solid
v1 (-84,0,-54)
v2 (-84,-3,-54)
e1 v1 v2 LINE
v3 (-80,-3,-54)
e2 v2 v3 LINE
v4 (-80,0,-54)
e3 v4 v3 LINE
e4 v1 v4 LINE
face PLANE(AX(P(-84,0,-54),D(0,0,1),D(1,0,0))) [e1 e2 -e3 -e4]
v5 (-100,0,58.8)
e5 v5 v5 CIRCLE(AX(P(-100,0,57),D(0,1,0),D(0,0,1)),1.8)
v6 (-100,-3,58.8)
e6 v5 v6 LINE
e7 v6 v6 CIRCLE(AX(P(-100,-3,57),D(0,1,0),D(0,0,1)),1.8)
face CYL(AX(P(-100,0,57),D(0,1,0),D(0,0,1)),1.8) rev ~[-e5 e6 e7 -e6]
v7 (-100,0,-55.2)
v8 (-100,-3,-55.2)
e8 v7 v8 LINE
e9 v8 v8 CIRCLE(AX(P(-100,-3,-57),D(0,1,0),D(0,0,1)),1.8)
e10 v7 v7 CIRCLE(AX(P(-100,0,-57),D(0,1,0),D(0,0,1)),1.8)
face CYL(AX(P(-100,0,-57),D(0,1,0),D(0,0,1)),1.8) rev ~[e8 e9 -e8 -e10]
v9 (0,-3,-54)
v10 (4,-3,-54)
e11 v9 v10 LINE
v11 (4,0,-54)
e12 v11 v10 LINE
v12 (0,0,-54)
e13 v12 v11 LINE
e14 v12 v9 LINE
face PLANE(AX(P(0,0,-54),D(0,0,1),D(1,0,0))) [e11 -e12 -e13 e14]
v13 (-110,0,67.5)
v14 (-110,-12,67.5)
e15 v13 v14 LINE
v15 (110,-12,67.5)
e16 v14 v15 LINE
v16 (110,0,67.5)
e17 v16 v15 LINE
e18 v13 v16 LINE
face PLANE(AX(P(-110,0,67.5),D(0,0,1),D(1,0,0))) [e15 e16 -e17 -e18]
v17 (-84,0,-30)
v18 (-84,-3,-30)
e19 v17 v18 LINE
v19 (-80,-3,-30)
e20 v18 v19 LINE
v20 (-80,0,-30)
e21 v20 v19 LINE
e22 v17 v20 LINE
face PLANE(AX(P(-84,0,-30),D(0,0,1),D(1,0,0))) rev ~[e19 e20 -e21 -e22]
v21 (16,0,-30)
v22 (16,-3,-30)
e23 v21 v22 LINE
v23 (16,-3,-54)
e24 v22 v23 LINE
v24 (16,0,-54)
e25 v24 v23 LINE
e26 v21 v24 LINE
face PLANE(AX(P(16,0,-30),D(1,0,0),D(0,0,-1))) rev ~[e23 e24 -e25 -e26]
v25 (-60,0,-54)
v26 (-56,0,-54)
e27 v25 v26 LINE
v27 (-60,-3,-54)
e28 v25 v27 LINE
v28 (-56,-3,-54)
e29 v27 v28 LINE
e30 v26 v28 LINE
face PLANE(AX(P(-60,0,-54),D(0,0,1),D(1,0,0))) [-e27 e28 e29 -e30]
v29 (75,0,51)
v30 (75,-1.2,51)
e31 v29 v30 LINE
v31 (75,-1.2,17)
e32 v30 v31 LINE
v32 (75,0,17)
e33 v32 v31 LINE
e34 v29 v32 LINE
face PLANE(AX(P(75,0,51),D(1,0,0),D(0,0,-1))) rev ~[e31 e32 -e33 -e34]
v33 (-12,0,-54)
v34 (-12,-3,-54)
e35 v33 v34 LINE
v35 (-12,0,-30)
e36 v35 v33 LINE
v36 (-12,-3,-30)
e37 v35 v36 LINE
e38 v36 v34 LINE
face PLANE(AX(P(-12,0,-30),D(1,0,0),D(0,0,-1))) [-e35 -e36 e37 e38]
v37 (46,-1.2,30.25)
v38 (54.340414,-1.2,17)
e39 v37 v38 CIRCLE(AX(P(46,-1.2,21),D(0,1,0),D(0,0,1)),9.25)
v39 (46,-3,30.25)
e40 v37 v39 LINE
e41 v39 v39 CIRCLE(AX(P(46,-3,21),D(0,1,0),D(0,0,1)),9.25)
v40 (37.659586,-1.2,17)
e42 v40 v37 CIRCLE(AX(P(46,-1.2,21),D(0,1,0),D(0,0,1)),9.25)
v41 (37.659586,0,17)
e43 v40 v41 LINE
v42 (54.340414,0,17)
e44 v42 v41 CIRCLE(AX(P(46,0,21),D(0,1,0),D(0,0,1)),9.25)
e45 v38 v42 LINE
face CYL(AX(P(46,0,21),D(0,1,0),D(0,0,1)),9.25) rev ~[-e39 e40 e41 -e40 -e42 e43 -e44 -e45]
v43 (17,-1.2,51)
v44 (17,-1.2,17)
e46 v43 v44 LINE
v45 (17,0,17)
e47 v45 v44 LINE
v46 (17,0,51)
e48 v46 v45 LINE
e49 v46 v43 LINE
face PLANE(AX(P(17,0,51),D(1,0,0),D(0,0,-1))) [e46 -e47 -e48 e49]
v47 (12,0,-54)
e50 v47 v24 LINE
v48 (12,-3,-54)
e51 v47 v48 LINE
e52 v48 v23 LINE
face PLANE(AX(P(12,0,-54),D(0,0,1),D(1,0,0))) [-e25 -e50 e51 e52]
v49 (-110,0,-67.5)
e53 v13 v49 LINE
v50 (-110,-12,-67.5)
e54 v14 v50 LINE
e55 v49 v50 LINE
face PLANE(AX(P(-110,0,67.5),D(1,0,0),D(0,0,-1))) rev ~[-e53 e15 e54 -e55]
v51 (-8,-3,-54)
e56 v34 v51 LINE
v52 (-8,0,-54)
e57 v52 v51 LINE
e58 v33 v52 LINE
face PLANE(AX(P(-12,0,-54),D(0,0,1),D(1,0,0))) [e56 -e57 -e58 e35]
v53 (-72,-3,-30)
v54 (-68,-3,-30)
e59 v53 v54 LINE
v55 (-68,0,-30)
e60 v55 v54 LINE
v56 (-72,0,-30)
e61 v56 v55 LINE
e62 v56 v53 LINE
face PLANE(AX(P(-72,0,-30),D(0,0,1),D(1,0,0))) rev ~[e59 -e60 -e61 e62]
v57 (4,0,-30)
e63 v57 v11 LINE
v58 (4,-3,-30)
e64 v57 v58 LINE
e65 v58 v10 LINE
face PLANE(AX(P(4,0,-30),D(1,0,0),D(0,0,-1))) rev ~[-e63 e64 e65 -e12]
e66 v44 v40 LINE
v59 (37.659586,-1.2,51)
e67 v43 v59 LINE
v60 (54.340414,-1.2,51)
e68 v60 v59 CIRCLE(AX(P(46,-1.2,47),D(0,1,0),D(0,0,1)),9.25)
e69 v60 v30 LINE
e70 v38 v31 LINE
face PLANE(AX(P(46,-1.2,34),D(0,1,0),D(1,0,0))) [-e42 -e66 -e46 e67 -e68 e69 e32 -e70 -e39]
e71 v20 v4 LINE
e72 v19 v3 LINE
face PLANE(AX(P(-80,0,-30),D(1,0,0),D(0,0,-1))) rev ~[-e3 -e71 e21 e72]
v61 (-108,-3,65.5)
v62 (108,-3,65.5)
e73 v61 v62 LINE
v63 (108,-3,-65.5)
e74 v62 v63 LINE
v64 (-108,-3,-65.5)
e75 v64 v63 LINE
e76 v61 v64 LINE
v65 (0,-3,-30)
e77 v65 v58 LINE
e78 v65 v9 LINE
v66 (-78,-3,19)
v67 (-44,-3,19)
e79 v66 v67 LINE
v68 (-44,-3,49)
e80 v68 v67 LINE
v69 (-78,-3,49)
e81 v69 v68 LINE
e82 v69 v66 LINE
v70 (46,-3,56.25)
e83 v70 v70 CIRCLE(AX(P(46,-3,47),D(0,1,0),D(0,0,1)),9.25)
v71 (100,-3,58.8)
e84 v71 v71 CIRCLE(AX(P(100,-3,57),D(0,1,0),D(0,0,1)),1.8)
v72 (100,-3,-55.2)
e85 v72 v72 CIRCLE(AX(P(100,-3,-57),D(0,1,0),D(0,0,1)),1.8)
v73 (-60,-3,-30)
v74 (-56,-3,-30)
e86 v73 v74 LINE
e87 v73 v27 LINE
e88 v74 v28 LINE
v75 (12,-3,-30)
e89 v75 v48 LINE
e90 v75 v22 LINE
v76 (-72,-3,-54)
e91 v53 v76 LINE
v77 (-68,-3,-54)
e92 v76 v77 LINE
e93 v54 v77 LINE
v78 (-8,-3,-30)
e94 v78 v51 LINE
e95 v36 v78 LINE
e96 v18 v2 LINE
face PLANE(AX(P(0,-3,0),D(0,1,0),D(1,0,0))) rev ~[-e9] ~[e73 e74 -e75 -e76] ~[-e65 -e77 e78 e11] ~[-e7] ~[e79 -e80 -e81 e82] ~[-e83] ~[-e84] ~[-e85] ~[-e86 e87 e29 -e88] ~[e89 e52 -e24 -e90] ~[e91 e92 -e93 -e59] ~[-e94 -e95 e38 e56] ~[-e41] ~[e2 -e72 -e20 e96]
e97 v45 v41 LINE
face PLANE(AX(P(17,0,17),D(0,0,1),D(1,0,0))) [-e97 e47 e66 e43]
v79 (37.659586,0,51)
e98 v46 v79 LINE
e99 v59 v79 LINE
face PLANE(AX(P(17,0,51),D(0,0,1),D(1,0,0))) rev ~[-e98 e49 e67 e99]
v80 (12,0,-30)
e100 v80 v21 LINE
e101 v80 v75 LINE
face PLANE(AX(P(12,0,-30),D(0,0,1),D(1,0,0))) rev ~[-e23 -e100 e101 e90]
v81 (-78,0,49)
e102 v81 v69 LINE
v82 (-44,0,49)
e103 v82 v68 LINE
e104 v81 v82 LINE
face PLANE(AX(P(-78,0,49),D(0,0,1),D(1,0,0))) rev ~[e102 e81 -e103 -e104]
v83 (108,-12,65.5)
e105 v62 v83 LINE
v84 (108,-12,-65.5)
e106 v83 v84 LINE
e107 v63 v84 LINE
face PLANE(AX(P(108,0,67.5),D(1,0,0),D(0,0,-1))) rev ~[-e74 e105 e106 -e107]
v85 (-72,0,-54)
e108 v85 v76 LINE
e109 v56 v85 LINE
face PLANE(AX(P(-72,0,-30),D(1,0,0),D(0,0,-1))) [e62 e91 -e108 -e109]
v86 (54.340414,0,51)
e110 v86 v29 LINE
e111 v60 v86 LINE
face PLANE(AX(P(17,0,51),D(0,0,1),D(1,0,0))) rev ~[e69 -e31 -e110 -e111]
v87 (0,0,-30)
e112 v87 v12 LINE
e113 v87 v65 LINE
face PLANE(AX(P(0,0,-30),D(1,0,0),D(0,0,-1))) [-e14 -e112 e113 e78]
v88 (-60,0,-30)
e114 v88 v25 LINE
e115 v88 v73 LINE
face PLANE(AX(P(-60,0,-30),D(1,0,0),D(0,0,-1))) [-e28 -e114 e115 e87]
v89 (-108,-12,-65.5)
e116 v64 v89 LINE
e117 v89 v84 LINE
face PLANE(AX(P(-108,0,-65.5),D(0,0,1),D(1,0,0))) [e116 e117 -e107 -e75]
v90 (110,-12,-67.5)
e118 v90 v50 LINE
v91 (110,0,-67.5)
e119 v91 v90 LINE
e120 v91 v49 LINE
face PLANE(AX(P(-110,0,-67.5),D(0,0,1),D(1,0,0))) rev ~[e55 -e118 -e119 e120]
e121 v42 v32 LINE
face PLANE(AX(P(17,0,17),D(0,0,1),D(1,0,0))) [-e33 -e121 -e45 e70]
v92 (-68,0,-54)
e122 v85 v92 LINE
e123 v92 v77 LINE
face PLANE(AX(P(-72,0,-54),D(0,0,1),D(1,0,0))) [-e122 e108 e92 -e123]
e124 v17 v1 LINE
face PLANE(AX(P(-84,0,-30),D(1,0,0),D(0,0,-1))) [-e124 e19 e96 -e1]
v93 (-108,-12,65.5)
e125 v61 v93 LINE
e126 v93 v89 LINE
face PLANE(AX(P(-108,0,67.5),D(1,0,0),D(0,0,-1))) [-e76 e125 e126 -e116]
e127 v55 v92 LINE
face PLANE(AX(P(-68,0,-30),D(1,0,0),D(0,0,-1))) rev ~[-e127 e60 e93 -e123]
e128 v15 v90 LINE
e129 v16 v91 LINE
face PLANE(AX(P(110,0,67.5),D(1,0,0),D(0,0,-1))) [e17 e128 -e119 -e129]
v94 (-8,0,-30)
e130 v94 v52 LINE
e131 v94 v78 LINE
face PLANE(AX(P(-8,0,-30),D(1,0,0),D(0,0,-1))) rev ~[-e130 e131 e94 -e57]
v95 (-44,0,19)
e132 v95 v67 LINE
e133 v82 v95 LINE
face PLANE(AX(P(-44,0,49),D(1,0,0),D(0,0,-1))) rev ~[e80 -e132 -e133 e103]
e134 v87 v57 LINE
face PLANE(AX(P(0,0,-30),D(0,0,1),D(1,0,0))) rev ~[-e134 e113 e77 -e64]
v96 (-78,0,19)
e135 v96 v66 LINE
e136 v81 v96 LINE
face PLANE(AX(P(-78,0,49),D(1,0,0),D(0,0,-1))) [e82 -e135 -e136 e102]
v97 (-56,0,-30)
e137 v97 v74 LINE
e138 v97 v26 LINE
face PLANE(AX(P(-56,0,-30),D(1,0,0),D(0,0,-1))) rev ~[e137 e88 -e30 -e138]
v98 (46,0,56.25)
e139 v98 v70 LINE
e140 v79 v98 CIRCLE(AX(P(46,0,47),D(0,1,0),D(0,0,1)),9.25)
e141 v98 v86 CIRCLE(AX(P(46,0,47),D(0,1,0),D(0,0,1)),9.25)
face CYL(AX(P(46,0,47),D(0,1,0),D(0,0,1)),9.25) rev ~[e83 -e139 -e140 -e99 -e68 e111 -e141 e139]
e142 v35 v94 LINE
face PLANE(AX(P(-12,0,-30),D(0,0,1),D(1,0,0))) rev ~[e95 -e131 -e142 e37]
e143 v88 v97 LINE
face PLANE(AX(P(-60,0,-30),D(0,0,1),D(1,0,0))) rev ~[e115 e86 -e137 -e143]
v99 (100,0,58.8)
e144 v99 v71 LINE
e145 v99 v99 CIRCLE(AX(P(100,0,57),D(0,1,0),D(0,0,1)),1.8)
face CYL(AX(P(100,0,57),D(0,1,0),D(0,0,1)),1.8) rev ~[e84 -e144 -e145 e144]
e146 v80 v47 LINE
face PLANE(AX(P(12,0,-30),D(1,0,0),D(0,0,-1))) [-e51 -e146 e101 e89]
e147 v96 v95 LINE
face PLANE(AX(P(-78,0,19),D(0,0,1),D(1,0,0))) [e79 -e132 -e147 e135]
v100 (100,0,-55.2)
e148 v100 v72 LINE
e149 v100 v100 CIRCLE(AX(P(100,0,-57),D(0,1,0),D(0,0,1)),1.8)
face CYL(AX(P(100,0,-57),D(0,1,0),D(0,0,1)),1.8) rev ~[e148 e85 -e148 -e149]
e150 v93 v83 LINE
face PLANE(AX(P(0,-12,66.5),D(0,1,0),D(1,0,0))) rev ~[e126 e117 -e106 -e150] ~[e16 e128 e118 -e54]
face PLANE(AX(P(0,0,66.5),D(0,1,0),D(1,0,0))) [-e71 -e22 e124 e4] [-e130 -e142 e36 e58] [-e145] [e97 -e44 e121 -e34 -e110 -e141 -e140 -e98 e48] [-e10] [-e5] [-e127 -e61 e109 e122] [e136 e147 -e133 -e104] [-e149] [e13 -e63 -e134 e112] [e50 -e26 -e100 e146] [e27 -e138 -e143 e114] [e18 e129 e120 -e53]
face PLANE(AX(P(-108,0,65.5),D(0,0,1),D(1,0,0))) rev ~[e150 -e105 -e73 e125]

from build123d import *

# Parameters (mm, degrees)
SKETCH_1_W                       = 220
SKETCH_1_H                       = 135
LID_TOP_3MM_DEPTH                = 3
SKETCH_2_W                       = 216
SKETCH_2_H                       = 2
LID_RIM_BACK_DEPTH               = 12
SKETCH_3_W                       = 216
SKETCH_3_H                       = 2
LID_RIM_FRONT_DEPTH              = 12
SKETCH_4_W                       = 2
SKETCH_4_H                       = 135
LID_RIM_LEFT_DEPTH               = 12
SKETCH_5_W                       = 2
SKETCH_5_H                       = 135
LID_RIM_RIGHT_DEPTH              = 12
SKETCH_6_R                       = 1.8
LID_SCREW_CLEARANCE_1_DEPTH      = 16
SKETCH_7_R                       = 1.8
LID_SCREW_CLEARANCE_2_DEPTH      = 16
SKETCH_8_R                       = 1.8
LID_SCREW_CLEARANCE_3_DEPTH      = 16
SKETCH_9_R                       = 1.8
LID_SCREW_CLEARANCE_4_DEPTH      = 16
SKETCH_10_R                      = 9
OV5647_LENS_OPENING_D18_DEPTH    = 4
SKETCH_11_W                      = 34
SKETCH_11_H                      = 30
OV5647_SERVICE_CLEARANCE_DEPTH   = 4
SKETCH_12_R                      = 9.25
HC_SR04_ACOUSTIC_OPENING_1_DEPTH = 4
SKETCH_13_R                      = 9.25
HC_SR04_ACOUSTIC_OPENING_2_DEPTH = 4
SKETCH_14_W                      = 58
SKETCH_14_H                      = 34
HC_SR04_RECESS_DEPTH             = 1.2
SKETCH_15_W                      = 4
SKETCH_15_H                      = 24
VENT_SLOT_1_DEPTH                = 4
SKETCH_16_W                      = 4
SKETCH_16_H                      = 24
VENT_SLOT_2_DEPTH                = 4
SKETCH_17_W                      = 4
SKETCH_17_H                      = 24
VENT_SLOT_3_DEPTH                = 4
SKETCH_18_W                      = 4
SKETCH_18_H                      = 24
VENT_SLOT_4_DEPTH                = 4
SKETCH_19_W                      = 4
SKETCH_19_H                      = 24
VENT_SLOT_5_DEPTH                = 4
SKETCH_20_W                      = 4
SKETCH_20_H                      = 24
VENT_SLOT_6_DEPTH                = 4


with BuildPart() as part:
    # 草图1 → Lid_Top_3mm (new body)
    with BuildSketch(Plane(origin=(0, 0, 0), x_dir=(1, 0, 0), z_dir=(0, 1, 0))):
        Rectangle(SKETCH_1_W, SKETCH_1_H)
    extrude(amount=-LID_TOP_3MM_DEPTH)

    # 草图2 → Lid_Rim_Back (add)
    with BuildSketch(Plane(origin=(0, 0, 0), x_dir=(1, 0, 0), z_dir=(0, 1, 0))):
        with Locations((0, 66.5)):
            Rectangle(SKETCH_2_W, SKETCH_2_H)
    extrude(amount=-LID_RIM_BACK_DEPTH)

    # 草图3 → Lid_Rim_Front (add)
    with BuildSketch(Plane(origin=(0, 0, 0), x_dir=(1, 0, 0), z_dir=(0, 1, 0))):
        with Locations((0, -66.5)):
            Rectangle(SKETCH_3_W, SKETCH_3_H)
    extrude(amount=-LID_RIM_FRONT_DEPTH)

    # 草图4 → Lid_Rim_Left (add)
    with BuildSketch(Plane(origin=(0, 0, 0), x_dir=(1, 0, 0), z_dir=(0, 1, 0))):
        with Locations((-109, 0)):
            Rectangle(SKETCH_4_W, SKETCH_4_H)
    extrude(amount=-LID_RIM_LEFT_DEPTH)

    # 草图5 → Lid_Rim_Right (add)
    with BuildSketch(Plane(origin=(0, 0, 0), x_dir=(1, 0, 0), z_dir=(0, 1, 0))):
        with Locations((109, 0)):
            Rectangle(SKETCH_5_W, SKETCH_5_H)
    extrude(amount=-LID_RIM_RIGHT_DEPTH)

    # 草图6 → Lid_Screw_Clearance_1 (cut)
    with BuildSketch(Plane(origin=(0, 0, 0), x_dir=(1, 0, 0), z_dir=(0, 1, 0))):
        with Locations(Location((-100, -57, 0), (0, 0, 270))):
            Circle(SKETCH_6_R)
    extrude(amount=-LID_SCREW_CLEARANCE_1_DEPTH, mode=Mode.SUBTRACT)

    # 草图7 → Lid_Screw_Clearance_2 (cut)
    with BuildSketch(Plane(origin=(0, 0, 0), x_dir=(1, 0, 0), z_dir=(0, 1, 0))):
        with Locations(Location((100, -57, 0), (0, 0, 270))):
            Circle(SKETCH_7_R)
    extrude(amount=-LID_SCREW_CLEARANCE_2_DEPTH, mode=Mode.SUBTRACT)

    # 草图8 → Lid_Screw_Clearance_3 (cut)
    with BuildSketch(Plane(origin=(0, 0, 0), x_dir=(1, 0, 0), z_dir=(0, 1, 0))):
        with Locations(Location((-100, 57, 0), (0, 0, 270))):
            Circle(SKETCH_8_R)
    extrude(amount=-LID_SCREW_CLEARANCE_3_DEPTH, mode=Mode.SUBTRACT)

    # 草图9 → Lid_Screw_Clearance_4 (cut)
    with BuildSketch(Plane(origin=(0, 0, 0), x_dir=(1, 0, 0), z_dir=(0, 1, 0))):
        with Locations(Location((100, 57, 0), (0, 0, 270))):
            Circle(SKETCH_9_R)
    extrude(amount=-LID_SCREW_CLEARANCE_4_DEPTH, mode=Mode.SUBTRACT)

    # 草图10 → OV5647_Lens_Opening_D18 (cut)
    with BuildSketch(Plane(origin=(0, 0, 0), x_dir=(1, 0, 0), z_dir=(0, 1, 0))):
        with Locations(Location((-61, -34, 0), (0, 0, 270))):
            Circle(SKETCH_10_R)
    extrude(amount=-OV5647_LENS_OPENING_D18_DEPTH, mode=Mode.SUBTRACT)

    # 草图11 → OV5647_Service_Clearance (cut)
    with BuildSketch(Plane(origin=(0, 0, 0), x_dir=(1, 0, 0), z_dir=(0, 1, 0))):
        with Locations((-61, -34)):
            Rectangle(SKETCH_11_W, SKETCH_11_H)
    extrude(amount=-OV5647_SERVICE_CLEARANCE_DEPTH, mode=Mode.SUBTRACT)

    # 草图12 → HC_SR04_Acoustic_Opening_1 (cut)
    with BuildSketch(Plane(origin=(0, 0, 0), x_dir=(1, 0, 0), z_dir=(0, 1, 0))):
        with Locations(Location((46, -47, 0), (0, 0, 270))):
            Circle(SKETCH_12_R)
    extrude(amount=-HC_SR04_ACOUSTIC_OPENING_1_DEPTH, mode=Mode.SUBTRACT)

    # 草图13 → HC_SR04_Acoustic_Opening_2 (cut)
    with BuildSketch(Plane(origin=(0, 0, 0), x_dir=(1, 0, 0), z_dir=(0, 1, 0))):
        with Locations(Location((46, -21, 0), (0, 0, 270))):
            Circle(SKETCH_13_R)
    extrude(amount=-HC_SR04_ACOUSTIC_OPENING_2_DEPTH, mode=Mode.SUBTRACT)

    # 草图14 → HC_SR04_Recess (cut)
    with BuildSketch(Plane(origin=(0, 0, 0), x_dir=(1, 0, 0), z_dir=(0, 1, 0))):
        with Locations((46, -34)):
            Rectangle(SKETCH_14_W, SKETCH_14_H)
    extrude(amount=-HC_SR04_RECESS_DEPTH, mode=Mode.SUBTRACT)

    # 草图15 → Vent_Slot_1 (cut)
    with BuildSketch(Plane(origin=(0, 0, 0), x_dir=(1, 0, 0), z_dir=(0, 1, 0))):
        with Locations((-82, 42)):
            Rectangle(SKETCH_15_W, SKETCH_15_H)
    extrude(amount=-VENT_SLOT_1_DEPTH, mode=Mode.SUBTRACT)

    # 草图16 → Vent_Slot_2 (cut)
    with BuildSketch(Plane(origin=(0, 0, 0), x_dir=(1, 0, 0), z_dir=(0, 1, 0))):
        with Locations((-70, 42)):
            Rectangle(SKETCH_16_W, SKETCH_16_H)
    extrude(amount=-VENT_SLOT_2_DEPTH, mode=Mode.SUBTRACT)

    # 草图17 → Vent_Slot_3 (cut)
    with BuildSketch(Plane(origin=(0, 0, 0), x_dir=(1, 0, 0), z_dir=(0, 1, 0))):
        with Locations((-58, 42)):
            Rectangle(SKETCH_17_W, SKETCH_17_H)
    extrude(amount=-VENT_SLOT_3_DEPTH, mode=Mode.SUBTRACT)

    # 草图18 → Vent_Slot_4 (cut)
    with BuildSketch(Plane(origin=(0, 0, 0), x_dir=(1, 0, 0), z_dir=(0, 1, 0))):
        with Locations((-10, 42)):
            Rectangle(SKETCH_18_W, SKETCH_18_H)
    extrude(amount=-VENT_SLOT_4_DEPTH, mode=Mode.SUBTRACT)

    # 草图19 → Vent_Slot_5 (cut)
    with BuildSketch(Plane(origin=(0, 0, 0), x_dir=(1, 0, 0), z_dir=(0, 1, 0))):
        with Locations((2, 42)):
            Rectangle(SKETCH_19_W, SKETCH_19_H)
    extrude(amount=-VENT_SLOT_5_DEPTH, mode=Mode.SUBTRACT)

    # 草图20 → Vent_Slot_6 (cut)
    with BuildSketch(Plane(origin=(0, 0, 0), x_dir=(1, 0, 0), z_dir=(0, 1, 0))):
        with Locations((14, 42)):
            Rectangle(SKETCH_20_W, SKETCH_20_H)
    extrude(amount=-VENT_SLOT_6_DEPTH, mode=Mode.SUBTRACT)


solid = part.part
